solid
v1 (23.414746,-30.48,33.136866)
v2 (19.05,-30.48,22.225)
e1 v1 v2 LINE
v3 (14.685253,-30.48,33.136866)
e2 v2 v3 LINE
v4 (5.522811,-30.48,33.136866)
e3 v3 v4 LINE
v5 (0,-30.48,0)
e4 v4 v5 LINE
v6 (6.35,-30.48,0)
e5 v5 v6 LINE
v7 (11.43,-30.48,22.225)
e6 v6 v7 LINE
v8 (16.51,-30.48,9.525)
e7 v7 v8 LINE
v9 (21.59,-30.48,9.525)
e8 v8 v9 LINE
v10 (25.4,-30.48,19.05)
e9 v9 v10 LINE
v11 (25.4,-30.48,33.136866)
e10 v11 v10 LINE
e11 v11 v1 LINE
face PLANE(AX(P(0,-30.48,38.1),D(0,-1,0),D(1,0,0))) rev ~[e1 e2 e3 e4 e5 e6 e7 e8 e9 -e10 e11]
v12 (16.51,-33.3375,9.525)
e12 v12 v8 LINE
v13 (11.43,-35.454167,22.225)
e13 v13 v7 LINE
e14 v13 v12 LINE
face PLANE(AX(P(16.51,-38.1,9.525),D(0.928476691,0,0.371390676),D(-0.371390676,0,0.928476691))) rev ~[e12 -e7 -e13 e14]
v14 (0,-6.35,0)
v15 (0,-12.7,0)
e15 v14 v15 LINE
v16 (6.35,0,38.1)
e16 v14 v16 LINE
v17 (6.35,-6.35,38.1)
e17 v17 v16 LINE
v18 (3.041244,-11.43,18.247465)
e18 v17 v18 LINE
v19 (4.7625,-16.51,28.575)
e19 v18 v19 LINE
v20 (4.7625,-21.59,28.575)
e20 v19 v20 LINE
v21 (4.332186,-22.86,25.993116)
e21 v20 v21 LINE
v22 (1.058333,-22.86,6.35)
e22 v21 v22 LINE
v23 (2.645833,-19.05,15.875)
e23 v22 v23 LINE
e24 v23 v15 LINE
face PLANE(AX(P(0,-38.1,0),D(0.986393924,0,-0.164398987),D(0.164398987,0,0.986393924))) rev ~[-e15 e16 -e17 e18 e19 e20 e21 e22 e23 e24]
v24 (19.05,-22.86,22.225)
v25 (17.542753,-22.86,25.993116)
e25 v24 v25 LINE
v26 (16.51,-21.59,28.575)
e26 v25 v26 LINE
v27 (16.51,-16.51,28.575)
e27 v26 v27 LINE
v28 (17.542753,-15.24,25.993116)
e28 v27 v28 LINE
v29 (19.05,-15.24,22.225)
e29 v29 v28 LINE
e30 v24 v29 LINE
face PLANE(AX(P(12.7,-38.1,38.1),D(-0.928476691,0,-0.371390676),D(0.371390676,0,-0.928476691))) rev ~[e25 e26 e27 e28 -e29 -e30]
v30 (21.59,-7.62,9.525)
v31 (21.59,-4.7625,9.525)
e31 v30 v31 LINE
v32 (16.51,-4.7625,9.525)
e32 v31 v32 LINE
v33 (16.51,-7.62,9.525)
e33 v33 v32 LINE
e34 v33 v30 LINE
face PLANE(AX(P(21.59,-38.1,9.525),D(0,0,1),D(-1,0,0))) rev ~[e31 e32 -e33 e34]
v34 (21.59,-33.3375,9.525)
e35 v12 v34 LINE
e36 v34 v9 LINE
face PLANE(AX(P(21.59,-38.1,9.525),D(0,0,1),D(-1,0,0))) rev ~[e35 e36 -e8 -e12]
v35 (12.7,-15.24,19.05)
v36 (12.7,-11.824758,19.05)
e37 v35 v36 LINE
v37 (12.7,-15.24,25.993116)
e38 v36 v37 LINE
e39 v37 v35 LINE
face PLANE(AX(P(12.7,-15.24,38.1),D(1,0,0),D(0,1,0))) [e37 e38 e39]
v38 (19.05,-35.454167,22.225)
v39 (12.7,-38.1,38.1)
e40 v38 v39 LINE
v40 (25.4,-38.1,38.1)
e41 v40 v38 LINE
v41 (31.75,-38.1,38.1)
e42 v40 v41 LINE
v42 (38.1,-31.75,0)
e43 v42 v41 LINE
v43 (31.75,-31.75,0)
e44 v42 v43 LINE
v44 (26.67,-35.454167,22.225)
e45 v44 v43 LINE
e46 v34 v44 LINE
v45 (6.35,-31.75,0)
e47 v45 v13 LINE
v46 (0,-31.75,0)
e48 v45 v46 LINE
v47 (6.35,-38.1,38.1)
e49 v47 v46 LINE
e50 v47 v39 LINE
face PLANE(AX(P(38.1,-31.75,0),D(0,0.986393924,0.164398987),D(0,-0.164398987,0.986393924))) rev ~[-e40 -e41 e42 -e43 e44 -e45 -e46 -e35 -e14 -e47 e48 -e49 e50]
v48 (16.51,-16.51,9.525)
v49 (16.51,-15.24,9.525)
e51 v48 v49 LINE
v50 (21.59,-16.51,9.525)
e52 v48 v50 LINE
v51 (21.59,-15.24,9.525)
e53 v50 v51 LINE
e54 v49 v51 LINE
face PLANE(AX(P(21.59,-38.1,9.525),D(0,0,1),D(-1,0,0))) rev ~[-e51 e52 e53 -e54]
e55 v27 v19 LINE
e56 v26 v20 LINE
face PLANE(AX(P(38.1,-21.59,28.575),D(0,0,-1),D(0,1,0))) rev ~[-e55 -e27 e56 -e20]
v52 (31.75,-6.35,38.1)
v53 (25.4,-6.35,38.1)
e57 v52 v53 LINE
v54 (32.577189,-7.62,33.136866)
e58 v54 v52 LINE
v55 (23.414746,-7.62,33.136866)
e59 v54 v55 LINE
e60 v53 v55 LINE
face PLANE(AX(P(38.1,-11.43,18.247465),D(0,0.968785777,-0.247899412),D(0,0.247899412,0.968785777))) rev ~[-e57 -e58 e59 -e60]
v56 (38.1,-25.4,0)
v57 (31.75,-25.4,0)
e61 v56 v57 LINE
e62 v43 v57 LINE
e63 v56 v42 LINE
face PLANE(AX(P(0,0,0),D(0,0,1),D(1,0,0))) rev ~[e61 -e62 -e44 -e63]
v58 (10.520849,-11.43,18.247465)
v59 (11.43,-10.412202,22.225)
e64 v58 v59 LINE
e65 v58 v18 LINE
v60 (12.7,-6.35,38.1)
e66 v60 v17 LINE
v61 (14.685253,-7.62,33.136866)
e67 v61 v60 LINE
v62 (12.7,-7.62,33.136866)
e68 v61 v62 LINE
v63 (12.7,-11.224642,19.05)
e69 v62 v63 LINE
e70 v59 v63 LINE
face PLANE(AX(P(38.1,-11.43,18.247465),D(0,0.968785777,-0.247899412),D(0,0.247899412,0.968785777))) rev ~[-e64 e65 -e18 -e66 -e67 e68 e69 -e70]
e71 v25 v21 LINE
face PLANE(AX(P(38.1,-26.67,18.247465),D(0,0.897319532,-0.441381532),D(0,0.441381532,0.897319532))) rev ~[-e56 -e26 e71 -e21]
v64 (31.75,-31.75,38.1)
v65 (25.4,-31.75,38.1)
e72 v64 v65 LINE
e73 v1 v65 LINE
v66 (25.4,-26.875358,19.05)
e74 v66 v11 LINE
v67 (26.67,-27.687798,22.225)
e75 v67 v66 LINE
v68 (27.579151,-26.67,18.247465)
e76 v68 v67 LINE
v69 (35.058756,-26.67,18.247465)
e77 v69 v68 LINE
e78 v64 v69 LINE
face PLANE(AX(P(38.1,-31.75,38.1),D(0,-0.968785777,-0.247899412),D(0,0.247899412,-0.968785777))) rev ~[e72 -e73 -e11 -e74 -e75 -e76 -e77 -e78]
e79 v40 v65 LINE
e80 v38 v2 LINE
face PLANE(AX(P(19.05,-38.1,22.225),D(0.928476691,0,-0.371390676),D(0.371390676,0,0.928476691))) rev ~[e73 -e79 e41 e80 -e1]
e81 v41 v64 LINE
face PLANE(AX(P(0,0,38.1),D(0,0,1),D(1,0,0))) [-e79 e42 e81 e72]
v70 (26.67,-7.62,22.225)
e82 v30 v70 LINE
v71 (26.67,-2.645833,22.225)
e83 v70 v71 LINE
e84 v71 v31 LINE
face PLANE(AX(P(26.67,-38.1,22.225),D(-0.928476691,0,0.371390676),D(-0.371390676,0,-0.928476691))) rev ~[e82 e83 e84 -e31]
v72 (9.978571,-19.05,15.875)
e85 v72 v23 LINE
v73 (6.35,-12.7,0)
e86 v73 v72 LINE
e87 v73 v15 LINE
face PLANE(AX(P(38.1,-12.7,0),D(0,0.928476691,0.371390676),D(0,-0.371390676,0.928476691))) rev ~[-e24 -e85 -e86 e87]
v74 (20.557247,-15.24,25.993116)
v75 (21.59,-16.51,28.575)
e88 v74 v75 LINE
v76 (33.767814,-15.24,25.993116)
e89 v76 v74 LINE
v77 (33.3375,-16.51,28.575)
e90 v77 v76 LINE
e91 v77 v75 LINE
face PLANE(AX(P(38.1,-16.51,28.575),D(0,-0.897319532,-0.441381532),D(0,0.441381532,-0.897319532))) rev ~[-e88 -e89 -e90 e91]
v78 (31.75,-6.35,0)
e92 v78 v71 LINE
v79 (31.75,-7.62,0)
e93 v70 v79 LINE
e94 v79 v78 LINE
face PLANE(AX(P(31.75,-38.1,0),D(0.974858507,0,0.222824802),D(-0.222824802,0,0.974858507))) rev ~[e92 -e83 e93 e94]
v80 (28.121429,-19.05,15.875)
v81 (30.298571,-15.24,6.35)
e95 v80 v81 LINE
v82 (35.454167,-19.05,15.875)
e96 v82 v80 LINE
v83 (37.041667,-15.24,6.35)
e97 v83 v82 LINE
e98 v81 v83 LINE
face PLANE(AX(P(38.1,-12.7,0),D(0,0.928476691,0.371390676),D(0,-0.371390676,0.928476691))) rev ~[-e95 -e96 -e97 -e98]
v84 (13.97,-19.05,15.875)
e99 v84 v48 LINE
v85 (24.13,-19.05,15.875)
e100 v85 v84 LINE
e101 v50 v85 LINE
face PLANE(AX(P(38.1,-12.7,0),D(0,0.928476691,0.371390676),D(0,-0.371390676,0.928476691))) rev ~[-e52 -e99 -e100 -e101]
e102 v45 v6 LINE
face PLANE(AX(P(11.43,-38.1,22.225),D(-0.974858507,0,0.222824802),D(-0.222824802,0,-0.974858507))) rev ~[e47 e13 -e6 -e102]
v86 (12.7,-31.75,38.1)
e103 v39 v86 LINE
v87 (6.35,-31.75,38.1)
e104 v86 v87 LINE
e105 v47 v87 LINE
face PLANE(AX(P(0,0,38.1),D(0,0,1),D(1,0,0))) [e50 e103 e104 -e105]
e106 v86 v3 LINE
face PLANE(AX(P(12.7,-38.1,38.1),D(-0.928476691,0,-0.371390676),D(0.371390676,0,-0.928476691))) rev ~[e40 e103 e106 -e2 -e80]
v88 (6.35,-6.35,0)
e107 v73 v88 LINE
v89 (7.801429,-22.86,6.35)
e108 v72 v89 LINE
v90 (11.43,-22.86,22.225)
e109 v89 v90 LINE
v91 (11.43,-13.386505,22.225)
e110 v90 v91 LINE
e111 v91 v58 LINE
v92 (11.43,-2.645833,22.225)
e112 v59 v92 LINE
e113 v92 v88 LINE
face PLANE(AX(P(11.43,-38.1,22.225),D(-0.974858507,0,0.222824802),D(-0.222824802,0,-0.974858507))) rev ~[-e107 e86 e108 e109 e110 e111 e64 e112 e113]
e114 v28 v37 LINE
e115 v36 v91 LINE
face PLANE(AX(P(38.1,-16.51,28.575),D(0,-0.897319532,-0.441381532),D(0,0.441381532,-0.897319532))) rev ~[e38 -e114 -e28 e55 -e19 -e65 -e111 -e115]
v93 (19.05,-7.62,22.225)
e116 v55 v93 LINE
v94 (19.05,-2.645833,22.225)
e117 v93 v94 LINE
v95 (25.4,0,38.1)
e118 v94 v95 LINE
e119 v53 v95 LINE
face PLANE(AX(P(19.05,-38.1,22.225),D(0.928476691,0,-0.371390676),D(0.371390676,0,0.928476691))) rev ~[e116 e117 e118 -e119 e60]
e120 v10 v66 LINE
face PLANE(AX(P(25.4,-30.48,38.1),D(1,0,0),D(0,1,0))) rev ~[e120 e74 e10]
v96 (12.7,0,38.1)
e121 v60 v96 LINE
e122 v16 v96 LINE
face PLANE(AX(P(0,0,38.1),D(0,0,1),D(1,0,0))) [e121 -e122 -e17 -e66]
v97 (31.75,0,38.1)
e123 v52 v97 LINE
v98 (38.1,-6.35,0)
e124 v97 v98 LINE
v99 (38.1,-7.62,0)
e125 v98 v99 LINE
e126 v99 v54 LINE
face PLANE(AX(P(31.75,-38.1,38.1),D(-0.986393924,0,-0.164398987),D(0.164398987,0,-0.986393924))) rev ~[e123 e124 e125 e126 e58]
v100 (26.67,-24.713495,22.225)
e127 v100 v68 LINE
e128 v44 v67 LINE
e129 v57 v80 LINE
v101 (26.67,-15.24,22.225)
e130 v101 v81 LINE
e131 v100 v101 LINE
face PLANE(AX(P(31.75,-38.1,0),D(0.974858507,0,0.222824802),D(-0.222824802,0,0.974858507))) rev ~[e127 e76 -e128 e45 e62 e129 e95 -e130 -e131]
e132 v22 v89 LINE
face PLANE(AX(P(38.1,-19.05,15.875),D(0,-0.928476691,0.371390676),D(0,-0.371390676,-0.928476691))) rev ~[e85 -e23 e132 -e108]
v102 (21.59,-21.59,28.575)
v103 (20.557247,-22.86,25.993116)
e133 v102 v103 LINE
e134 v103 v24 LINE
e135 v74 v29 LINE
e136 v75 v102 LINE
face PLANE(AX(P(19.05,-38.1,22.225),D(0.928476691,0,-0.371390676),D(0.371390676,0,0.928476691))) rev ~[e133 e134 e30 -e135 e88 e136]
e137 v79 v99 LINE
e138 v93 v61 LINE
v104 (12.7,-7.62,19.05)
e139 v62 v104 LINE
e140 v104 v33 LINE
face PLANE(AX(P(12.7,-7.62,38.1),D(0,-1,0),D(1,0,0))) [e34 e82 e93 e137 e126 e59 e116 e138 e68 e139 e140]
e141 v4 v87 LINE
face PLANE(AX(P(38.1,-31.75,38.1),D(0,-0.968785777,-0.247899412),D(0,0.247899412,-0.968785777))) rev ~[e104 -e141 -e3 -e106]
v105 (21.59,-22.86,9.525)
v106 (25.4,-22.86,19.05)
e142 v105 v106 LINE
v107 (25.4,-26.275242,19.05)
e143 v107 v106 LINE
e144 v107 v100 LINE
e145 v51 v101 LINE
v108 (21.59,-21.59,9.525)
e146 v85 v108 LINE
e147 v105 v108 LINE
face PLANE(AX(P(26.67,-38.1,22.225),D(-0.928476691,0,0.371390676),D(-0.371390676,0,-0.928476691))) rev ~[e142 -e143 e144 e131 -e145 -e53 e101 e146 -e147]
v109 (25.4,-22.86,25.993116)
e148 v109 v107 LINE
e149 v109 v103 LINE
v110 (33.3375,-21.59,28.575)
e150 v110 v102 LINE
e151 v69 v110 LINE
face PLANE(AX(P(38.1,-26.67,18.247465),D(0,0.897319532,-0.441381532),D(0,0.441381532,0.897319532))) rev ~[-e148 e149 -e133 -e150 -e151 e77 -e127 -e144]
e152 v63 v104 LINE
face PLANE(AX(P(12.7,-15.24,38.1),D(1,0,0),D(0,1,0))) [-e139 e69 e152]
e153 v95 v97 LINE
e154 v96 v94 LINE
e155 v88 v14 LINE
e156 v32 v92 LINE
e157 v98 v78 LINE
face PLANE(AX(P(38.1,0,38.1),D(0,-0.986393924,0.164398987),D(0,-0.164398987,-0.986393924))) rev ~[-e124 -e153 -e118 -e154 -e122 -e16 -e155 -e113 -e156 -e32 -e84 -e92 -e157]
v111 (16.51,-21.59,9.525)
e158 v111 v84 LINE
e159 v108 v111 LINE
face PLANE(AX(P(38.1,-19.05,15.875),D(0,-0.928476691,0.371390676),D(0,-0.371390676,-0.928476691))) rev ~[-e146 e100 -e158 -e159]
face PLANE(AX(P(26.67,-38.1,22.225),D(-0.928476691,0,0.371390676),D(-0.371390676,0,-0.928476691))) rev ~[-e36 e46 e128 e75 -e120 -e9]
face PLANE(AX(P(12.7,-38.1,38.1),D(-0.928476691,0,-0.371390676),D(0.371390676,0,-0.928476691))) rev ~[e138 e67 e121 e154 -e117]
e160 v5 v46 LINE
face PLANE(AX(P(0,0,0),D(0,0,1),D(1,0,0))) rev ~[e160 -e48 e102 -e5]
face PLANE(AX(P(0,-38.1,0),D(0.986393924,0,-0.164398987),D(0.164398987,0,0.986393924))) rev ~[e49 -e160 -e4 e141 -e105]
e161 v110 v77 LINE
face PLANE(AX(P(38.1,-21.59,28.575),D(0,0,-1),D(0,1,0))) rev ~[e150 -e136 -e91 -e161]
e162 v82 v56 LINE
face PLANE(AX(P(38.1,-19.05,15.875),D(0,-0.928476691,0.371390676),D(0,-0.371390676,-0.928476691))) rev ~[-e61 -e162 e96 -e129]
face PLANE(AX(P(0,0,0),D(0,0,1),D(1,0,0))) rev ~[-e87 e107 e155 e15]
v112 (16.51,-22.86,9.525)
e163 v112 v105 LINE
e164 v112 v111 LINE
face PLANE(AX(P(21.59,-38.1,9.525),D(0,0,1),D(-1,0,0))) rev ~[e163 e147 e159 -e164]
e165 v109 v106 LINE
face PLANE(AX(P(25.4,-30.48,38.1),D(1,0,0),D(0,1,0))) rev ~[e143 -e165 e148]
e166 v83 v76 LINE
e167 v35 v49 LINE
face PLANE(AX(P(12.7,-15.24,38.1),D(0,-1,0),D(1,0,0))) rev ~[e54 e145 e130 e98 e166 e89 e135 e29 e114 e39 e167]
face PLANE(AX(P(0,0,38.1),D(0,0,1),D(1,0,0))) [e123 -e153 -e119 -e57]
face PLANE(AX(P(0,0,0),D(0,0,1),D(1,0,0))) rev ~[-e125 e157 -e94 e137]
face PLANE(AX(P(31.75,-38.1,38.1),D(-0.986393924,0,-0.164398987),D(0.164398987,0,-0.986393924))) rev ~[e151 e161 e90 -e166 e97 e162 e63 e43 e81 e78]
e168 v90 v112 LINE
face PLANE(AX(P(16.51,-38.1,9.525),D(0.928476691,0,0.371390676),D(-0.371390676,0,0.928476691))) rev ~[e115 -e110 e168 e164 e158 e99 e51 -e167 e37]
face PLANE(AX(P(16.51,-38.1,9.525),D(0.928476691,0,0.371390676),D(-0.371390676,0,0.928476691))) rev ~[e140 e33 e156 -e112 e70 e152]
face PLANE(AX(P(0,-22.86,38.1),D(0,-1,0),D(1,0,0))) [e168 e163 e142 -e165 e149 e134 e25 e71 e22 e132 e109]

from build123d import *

# Parameters (mm, degrees)
F0_W     = 38.1
F0_H     = 38.1
F1_DEPTH = 38.1
F5_DEPTH = 38.1
F7_DEPTH = 38.1
F8_W     = 25.4
F8_H     = 7.62
F9_DEPTH = 38.1


with BuildPart() as f1:
    # F0 (on Front) → F1 (new body)
    with BuildSketch(Plane.XZ):
        with Locations((19.05, 19.05)):
            Rectangle(F0_W, F0_H)
    extrude(amount=F1_DEPTH)

    # F4 (on face) → F5 (cut)
    with BuildSketch(Plane.YZ.offset(38.1)):
        Polygon((-11.43, 18.247465), (-6.35, 38.1), (-31.75, 38.1), (-26.67, 18.247465), (-21.59, 28.575), (-16.51, 28.575), align=None)
        Polygon((-6.35, 0), (0, 0), (0, 38.1), align=None)
        Polygon((-25.4, 0), (-12.7, 0), (-19.05, 15.875), align=None)
        Polygon((-38.1, 0), (-31.75, 0), (-38.1, 38.1), align=None)
    extrude(amount=-F5_DEPTH, mode=Mode.SUBTRACT)

    # F6 (on offset) → F7 (cut)
    with BuildSketch(Plane.XZ.offset(38.1)):
        Polygon((25.4, 38.1), (12.7, 38.1), (19.05, 22.225), align=None)
        Polygon((11.43, 22.225), (6.35, 0), (31.75, 0), (26.67, 22.225), (21.59, 9.525), (16.51, 9.525), align=None)
        Polygon((0, 38.1), (0, 0), (6.35, 38.1), align=None)
        Polygon((31.75, 38.1), (38.1, 0), (38.1, 38.1), align=None)
    extrude(amount=-F7_DEPTH, mode=Mode.SUBTRACT)

    # F8 (on offset) → F9 (cut)
    with BuildSketch(Plane.XY.offset(38.1)):
        with Locations((25.4, -11.43)):
            Rectangle(F8_W, F8_H)
        with Locations((12.7, -26.67)):
            Rectangle(F8_W, F8_H)
    extrude(amount=-F9_DEPTH, mode=Mode.SUBTRACT)


solid = f1.part
